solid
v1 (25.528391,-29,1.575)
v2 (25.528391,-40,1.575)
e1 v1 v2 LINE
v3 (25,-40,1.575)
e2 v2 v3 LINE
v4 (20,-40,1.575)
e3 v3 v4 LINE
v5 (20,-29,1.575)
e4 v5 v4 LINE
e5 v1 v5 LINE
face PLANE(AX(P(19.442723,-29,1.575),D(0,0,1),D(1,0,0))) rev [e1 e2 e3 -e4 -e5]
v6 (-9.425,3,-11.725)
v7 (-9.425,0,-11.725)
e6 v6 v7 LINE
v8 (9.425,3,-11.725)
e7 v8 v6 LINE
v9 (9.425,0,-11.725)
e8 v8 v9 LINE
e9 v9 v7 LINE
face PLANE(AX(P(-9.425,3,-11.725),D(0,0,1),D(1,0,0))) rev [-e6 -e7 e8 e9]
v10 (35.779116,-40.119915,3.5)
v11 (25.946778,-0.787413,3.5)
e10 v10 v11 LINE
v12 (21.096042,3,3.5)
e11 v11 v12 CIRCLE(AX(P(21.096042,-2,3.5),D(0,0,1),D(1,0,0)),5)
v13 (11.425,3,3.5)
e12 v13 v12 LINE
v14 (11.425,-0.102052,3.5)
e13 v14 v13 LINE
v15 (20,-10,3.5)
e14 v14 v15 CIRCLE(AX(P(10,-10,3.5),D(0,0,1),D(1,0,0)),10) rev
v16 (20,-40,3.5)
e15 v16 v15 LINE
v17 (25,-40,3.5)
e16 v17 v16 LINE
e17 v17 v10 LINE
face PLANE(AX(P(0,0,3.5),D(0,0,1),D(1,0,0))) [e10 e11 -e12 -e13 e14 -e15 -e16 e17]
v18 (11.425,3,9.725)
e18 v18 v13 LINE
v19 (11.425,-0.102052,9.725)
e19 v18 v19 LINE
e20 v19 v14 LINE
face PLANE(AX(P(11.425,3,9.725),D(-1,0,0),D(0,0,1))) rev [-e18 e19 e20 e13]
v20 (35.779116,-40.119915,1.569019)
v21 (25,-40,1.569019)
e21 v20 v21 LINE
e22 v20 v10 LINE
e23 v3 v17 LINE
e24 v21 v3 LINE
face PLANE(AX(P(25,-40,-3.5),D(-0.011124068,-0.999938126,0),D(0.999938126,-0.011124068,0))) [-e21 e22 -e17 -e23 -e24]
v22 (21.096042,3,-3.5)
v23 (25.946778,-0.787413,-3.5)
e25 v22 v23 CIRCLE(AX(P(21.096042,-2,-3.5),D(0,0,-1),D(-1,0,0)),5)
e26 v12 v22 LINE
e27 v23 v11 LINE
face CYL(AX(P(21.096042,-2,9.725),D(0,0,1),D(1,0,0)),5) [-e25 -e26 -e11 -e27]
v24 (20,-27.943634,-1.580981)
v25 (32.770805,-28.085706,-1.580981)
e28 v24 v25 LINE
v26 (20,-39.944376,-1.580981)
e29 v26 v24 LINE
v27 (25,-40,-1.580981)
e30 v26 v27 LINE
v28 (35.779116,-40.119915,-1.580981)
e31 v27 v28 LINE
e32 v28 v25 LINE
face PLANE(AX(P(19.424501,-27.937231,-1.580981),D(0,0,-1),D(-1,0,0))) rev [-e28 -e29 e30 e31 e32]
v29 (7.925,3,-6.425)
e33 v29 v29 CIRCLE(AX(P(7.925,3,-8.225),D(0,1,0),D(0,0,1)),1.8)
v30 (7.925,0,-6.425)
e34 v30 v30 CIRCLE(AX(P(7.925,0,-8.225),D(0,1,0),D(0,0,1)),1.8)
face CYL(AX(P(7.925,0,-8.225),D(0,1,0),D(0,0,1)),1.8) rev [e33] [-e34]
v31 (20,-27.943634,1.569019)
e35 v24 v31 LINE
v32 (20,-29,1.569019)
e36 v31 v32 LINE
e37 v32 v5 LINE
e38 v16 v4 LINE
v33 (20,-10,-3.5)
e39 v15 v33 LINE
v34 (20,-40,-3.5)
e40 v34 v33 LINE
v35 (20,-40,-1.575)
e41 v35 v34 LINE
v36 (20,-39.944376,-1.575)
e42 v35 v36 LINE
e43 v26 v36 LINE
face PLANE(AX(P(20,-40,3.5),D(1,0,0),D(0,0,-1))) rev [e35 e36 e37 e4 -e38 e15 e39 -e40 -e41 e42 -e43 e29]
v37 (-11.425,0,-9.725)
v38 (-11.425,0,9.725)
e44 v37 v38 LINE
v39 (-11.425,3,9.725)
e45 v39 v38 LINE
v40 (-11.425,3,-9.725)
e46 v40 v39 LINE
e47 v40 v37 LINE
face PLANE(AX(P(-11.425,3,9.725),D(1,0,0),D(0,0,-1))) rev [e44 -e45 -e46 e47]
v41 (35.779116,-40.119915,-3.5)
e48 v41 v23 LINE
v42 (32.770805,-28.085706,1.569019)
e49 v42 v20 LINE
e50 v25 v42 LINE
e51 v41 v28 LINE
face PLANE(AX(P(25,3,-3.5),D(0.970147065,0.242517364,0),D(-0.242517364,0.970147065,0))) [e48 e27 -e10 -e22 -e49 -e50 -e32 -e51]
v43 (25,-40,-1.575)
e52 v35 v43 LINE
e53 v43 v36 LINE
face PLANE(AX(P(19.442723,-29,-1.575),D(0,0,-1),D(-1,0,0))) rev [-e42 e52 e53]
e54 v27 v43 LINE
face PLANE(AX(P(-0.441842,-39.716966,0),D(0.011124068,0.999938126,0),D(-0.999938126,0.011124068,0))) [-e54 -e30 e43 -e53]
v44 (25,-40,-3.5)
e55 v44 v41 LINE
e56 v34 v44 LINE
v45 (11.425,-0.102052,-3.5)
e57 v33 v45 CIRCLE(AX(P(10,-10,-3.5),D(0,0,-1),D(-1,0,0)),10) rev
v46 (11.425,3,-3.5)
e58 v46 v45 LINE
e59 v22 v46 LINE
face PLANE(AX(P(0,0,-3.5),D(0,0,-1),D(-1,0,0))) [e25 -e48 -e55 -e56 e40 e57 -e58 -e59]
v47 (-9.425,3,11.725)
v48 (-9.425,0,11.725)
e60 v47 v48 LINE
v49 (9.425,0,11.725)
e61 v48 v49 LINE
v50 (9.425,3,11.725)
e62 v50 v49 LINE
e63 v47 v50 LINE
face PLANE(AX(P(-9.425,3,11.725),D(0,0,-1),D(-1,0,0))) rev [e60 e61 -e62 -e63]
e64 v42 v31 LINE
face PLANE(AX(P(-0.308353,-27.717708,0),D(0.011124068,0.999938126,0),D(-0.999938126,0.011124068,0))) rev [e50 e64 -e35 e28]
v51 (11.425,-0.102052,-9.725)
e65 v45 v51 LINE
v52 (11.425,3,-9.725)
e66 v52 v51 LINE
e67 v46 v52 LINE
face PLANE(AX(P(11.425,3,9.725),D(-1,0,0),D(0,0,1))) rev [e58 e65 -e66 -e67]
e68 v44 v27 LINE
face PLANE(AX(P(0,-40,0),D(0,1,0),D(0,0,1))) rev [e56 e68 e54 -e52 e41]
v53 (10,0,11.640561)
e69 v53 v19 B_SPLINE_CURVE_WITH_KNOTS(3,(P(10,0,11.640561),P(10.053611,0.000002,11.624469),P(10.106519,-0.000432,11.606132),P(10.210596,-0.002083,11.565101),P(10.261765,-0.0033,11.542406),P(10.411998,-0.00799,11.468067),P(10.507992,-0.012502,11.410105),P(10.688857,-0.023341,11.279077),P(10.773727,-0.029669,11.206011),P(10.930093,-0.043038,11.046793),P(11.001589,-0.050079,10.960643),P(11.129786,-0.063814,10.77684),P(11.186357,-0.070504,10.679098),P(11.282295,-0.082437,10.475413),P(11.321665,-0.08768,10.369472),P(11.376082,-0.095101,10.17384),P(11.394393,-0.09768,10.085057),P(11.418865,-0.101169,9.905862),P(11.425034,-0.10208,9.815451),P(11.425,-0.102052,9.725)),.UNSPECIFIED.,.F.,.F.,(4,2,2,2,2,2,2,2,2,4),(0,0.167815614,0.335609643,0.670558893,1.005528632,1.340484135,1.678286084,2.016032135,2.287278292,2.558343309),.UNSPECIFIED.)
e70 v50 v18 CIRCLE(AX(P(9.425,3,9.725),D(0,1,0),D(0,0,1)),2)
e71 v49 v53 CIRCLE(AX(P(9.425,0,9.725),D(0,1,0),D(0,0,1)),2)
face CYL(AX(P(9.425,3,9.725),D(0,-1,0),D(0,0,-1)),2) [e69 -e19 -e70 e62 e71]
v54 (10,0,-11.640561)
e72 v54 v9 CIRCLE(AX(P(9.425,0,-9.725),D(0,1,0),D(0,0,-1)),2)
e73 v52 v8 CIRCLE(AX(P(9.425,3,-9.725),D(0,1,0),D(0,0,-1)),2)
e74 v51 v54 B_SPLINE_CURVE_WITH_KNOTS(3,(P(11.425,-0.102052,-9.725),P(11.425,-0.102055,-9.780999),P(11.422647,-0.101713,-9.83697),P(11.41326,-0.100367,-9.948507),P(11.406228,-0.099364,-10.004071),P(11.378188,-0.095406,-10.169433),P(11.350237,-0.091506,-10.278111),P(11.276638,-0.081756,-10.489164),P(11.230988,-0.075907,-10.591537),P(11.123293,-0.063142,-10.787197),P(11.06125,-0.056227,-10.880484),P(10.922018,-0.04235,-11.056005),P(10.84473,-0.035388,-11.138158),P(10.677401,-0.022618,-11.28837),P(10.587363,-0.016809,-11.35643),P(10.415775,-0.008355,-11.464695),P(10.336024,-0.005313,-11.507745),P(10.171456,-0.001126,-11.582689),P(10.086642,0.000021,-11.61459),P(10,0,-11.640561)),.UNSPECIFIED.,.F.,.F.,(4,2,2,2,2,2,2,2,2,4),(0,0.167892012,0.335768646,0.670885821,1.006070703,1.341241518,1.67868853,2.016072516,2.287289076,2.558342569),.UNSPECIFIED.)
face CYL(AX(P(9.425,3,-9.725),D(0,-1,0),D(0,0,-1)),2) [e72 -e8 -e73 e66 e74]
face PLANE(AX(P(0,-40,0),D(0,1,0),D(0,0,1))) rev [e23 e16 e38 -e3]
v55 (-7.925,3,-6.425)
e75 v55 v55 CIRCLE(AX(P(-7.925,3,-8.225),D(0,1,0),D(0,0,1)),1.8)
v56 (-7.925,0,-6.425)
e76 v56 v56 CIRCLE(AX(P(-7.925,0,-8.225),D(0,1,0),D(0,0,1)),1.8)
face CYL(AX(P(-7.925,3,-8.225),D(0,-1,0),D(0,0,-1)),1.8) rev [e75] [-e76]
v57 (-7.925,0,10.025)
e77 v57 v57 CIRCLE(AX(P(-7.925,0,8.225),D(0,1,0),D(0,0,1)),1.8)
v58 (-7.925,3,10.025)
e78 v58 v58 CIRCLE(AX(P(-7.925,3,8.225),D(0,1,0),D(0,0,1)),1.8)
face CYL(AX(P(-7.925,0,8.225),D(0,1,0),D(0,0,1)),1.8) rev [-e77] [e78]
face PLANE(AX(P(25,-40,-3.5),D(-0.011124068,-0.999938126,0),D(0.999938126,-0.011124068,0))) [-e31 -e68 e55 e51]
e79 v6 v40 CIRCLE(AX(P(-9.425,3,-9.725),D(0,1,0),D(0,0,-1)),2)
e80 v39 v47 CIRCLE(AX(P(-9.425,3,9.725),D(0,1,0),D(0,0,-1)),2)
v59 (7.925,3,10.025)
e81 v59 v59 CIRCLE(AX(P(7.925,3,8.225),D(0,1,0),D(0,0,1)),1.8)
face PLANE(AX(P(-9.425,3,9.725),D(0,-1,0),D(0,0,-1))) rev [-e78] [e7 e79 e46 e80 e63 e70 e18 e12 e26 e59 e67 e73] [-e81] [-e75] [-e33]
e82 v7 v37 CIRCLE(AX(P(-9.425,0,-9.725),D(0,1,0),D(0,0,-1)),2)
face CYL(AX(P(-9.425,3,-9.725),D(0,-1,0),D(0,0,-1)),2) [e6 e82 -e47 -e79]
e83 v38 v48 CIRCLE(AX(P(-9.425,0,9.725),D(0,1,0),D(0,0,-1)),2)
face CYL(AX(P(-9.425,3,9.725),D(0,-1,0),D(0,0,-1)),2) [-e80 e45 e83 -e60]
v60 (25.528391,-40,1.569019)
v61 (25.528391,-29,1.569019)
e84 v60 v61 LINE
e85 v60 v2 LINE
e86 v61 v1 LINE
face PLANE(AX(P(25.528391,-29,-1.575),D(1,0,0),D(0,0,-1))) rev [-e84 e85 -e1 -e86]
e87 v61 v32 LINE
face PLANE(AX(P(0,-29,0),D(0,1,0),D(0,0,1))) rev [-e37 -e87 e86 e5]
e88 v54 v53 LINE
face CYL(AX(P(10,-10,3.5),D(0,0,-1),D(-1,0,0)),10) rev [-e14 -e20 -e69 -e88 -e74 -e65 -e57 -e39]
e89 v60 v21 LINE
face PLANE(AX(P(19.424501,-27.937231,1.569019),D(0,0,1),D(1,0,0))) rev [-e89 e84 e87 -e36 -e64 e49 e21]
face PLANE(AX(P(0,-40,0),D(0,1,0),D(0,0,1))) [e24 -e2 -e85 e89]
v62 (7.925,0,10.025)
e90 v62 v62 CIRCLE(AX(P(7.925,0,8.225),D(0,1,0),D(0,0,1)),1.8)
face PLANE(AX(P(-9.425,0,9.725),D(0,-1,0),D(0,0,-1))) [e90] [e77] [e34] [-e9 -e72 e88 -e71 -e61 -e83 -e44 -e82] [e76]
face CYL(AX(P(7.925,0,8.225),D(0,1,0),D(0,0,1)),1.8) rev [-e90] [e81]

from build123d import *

# Parameters (mm, degrees)
SKETCH1_R           = 1.8
BOSS_EXTRUDE1_DEPTH = 3
SKETCH2_R           = 1.8
CUT_EXTRUDE1_DEPTH  = 17.643504739
SKETCH3_W           = 25
SKETCH3_H           = 7
BOSS_EXTRUDE2_DEPTH = 3
SKETCH4_W           = 5
SKETCH4_H           = 7
BOSS_EXTRUDE3_DEPTH = 40
BOSS_EXTRUDE4_DEPTH = 7
SKETCH12_W          = 5
SKETCH12_H          = 7
BOSS_EXTRUDE5_DEPTH = 2
FILLET1_R           = 10
FILLET2_R           = 5
SKETCH13_W          = 18.381081226
SKETCH13_H          = 3.15
CUT_EXTRUDE2_DEPTH  = 12
SKETCH14_W          = 6.085668667
SKETCH14_H          = 3.15
CUT_EXTRUDE3_DEPTH  = 11


with BuildPart() as part:
    # Sketch1 → Boss-Extrude1 (new body)
    with BuildSketch(Plane(origin=(0, 0, 0), x_dir=(1, 0, 0), z_dir=(0, 1, 0))):
        with BuildLine():
            Line((-9.425, -11.725), (9.425, -11.725))
            ThreePointArc((9.425, -11.725), (10.839213562, -11.139213562), (11.425, -9.725))
            Line((11.425, -9.725), (11.425, 9.725))
            ThreePointArc((11.425, 9.725), (10.839213562, 11.139213562), (9.425, 11.725))
            Line((9.425, 11.725), (-9.425, 11.725))
            ThreePointArc((-9.425, 11.725), (-10.839213562, 11.139213562), (-11.425, 9.725))
            Line((-11.425, 9.725), (-11.425, -9.725))
            ThreePointArc((-11.425, -9.725), (-10.839213562, -11.139213562), (-9.425, -11.725))
        make_face()
        with Locations(Location((-7.925, 8.225, 0), (0, 0, 270))):
            Circle(SKETCH1_R, mode=Mode.SUBTRACT)
    extrude(amount=BOSS_EXTRUDE1_DEPTH)

    # Sketch2 → Cut-Extrude1 (cut, through all)
    with BuildSketch(Plane(origin=(0, 3, 0), x_dir=(1, 0, 0), z_dir=(0, 1, 0))):
        with Locations(Location((7.925, 8.225, 0), (0, 0, 270))):
            Circle(SKETCH2_R)
        with Locations(Location((-7.925, -8.225, 0), (0, 0, 270))):
            Circle(SKETCH2_R)
        with Locations(Location((7.925, -8.225, 0), (0, 0, 270))):
            Circle(SKETCH2_R)
    extrude(amount=-CUT_EXTRUDE1_DEPTH, mode=Mode.SUBTRACT)

    # Sketch3 → Boss-Extrude2 (add)
    with BuildSketch(Plane(origin=(0, 3, 0), x_dir=(1, 0, 0), z_dir=(0, 1, 0))):
        with Locations((12.5, 0)):
            Rectangle(SKETCH3_W, SKETCH3_H)
    extrude(amount=-BOSS_EXTRUDE2_DEPTH)

    # Sketch4 → Boss-Extrude3 (add)
    with BuildSketch(Plane.XZ):
        with Locations((22.5, 0)):
            Rectangle(SKETCH4_W, SKETCH4_H)
    extrude(amount=BOSS_EXTRUDE3_DEPTH)

    # Sketch7 → Boss-Extrude4 (add)
    with BuildSketch(Plane.XY.offset(3.5)):
        Polygon((25, 3), (35.779116369, -40.119915044), (25, -40), align=None)
    extrude(amount=-BOSS_EXTRUDE4_DEPTH)

    # Sketch12 → Boss-Extrude5 (add)
    with BuildSketch(Plane(origin=(0, 0, 0), x_dir=(1, 0, 0), z_dir=(0, 1, 0))):
        with Locations((22.5, 0)):
            Rectangle(SKETCH12_W, SKETCH12_H)
    extrude(amount=BOSS_EXTRUDE5_DEPTH)

    # Fillet1
    fillet1_edges = [part.edges().sort_by_distance(p)[0] for p in [
        (20, 0, 0),
    ]]
    fillet(fillet1_edges, radius=FILLET1_R)

    # Fillet2
    fillet2_edges = [part.edges().sort_by_distance(p)[0] for p in [
        (25, 3, 0),
    ]]
    fillet(fillet2_edges, radius=FILLET2_R)

    # Sketch13 → Cut-Extrude2 (cut)
    with BuildSketch(Plane(origin=(-0.441841569, -39.71696571, 0), x_dir=(-0.9999381256405767, 0.011124068069294642, 0), z_dir=(-0.011124068069294644, -0.9999381256405768, 0))):
        with Locations((-28.924615029, 0.005980727)):
            Rectangle(SKETCH13_W, SKETCH13_H)
    extrude(amount=-CUT_EXTRUDE2_DEPTH, mode=Mode.SUBTRACT)

    # Sketch14 → Cut-Extrude3 (cut)
    with BuildSketch(Plane.XZ.offset(40)):
        with Locations((22.485556971, 0)):
            Rectangle(SKETCH14_W, SKETCH14_H)
    extrude(amount=-CUT_EXTRUDE3_DEPTH, mode=Mode.SUBTRACT)


solid = part.part
